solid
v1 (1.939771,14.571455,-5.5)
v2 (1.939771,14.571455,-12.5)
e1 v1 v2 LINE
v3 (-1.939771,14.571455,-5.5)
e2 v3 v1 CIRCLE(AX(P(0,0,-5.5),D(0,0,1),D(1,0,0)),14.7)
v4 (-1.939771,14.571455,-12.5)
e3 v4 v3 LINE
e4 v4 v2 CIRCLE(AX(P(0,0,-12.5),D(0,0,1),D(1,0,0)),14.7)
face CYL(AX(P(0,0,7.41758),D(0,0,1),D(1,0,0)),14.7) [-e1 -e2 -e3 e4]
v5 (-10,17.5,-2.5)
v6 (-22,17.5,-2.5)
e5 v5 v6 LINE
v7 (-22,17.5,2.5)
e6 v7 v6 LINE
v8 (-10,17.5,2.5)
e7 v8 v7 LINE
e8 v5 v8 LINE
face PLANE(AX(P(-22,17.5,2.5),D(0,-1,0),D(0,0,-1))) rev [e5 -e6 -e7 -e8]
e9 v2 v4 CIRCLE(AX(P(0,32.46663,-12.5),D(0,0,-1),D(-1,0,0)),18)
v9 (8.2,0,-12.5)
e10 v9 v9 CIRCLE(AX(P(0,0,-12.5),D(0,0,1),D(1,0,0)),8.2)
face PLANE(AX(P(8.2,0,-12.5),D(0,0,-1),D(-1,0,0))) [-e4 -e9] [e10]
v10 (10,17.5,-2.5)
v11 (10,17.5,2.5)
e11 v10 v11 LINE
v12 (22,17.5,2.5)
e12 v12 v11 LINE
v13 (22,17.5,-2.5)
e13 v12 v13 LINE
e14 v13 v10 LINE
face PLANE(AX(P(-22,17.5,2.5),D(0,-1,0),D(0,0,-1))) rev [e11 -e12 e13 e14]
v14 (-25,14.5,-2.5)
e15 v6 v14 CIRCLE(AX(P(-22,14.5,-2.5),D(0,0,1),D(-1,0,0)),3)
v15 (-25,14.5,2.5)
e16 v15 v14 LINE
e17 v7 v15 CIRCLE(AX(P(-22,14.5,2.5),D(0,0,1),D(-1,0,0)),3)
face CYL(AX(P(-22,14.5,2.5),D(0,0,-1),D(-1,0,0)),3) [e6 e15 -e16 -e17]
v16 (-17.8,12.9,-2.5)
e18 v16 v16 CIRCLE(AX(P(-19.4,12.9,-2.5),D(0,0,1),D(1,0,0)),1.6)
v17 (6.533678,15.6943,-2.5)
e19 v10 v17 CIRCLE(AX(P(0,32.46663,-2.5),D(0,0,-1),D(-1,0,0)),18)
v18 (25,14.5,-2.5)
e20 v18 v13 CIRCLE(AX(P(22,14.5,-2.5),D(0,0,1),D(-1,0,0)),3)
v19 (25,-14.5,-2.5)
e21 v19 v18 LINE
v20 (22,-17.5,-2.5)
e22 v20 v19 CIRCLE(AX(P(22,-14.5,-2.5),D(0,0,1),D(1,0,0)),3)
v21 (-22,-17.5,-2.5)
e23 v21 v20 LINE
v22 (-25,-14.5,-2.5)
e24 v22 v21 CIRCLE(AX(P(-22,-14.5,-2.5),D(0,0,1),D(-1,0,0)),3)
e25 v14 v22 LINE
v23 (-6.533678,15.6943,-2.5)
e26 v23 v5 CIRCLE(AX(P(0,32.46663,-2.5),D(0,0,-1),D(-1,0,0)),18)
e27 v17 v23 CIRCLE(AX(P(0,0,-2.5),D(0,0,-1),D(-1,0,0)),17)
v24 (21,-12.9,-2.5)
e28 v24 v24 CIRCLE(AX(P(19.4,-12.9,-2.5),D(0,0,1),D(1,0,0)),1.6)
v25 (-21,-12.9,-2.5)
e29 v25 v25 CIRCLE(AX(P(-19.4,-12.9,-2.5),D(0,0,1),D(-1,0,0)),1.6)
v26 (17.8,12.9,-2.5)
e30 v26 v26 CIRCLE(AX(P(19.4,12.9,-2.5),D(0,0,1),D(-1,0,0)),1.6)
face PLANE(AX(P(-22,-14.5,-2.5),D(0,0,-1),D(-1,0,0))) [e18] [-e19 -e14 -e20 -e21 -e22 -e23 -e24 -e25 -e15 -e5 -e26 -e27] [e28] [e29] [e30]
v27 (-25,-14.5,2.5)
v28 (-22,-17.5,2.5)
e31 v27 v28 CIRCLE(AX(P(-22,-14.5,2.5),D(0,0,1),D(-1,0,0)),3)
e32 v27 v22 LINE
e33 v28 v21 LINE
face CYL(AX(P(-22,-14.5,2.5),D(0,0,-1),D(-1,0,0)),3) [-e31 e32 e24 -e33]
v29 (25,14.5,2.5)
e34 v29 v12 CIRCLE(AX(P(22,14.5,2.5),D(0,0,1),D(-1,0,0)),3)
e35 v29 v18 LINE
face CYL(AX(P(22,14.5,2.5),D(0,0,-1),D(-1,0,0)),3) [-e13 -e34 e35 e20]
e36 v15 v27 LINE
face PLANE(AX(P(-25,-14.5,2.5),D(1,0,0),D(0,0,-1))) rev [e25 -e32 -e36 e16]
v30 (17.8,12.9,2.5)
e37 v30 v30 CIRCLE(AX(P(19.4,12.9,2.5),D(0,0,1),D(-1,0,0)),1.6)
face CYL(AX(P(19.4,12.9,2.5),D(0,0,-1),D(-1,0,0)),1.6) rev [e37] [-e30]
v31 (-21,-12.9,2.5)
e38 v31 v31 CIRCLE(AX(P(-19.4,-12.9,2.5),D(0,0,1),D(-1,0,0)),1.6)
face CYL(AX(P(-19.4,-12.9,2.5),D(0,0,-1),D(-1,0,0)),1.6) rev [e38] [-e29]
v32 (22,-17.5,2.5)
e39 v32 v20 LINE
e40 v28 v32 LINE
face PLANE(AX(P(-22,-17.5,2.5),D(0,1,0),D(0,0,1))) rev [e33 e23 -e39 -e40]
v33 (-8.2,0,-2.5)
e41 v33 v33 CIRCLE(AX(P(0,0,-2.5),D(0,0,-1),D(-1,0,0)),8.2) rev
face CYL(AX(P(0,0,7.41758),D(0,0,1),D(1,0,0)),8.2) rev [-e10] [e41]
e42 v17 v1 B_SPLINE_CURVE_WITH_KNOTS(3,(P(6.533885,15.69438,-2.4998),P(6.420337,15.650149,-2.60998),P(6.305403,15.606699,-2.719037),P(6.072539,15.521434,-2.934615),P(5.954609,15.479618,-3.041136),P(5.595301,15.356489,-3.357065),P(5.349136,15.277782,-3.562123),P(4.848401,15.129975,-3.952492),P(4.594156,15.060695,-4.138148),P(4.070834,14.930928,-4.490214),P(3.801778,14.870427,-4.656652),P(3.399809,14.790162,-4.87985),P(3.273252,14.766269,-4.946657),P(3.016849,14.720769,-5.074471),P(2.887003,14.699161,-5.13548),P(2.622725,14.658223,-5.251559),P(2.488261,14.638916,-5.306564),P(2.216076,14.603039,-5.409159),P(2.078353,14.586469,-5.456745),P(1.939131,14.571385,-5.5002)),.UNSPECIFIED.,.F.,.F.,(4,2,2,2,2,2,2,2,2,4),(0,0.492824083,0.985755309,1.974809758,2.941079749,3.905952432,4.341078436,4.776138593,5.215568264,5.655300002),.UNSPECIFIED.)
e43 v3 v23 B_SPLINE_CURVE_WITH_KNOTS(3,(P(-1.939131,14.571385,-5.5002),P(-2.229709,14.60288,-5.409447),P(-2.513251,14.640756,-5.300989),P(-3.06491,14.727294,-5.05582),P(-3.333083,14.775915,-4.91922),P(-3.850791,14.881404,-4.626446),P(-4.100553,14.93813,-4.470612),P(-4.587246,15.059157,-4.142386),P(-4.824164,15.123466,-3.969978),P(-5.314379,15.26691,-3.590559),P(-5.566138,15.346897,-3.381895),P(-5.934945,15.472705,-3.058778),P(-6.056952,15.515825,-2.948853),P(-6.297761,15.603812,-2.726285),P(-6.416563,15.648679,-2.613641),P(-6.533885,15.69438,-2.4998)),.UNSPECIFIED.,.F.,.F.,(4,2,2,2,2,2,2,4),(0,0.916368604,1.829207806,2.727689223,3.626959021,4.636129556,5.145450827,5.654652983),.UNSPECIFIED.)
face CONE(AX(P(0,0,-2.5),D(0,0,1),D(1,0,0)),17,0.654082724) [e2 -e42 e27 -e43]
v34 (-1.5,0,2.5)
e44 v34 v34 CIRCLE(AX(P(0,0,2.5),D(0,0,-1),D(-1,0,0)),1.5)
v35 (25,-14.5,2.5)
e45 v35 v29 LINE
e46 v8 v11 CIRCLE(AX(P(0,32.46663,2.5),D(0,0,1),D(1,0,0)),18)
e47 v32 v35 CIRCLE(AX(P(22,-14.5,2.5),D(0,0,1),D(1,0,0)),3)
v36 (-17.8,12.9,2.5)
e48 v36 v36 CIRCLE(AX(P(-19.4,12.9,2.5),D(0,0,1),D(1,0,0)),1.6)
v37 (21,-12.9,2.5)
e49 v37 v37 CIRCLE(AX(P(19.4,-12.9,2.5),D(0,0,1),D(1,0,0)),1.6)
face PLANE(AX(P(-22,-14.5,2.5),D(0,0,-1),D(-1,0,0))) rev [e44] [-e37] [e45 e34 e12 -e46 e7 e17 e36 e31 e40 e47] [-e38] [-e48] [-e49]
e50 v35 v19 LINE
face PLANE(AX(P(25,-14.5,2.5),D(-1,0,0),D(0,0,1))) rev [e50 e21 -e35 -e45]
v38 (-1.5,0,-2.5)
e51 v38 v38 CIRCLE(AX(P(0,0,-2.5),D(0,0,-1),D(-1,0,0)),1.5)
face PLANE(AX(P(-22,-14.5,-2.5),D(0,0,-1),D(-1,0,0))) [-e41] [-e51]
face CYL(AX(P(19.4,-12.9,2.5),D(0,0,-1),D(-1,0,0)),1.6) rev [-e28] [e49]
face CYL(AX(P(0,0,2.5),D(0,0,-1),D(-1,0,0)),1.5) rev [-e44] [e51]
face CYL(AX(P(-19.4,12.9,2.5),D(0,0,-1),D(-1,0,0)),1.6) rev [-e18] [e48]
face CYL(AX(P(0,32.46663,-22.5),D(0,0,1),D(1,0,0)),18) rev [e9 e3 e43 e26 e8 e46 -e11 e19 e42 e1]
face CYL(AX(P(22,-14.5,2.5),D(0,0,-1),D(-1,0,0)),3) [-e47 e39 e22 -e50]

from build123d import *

# Parameters (mm, degrees)
CROQUIS1_R              = 1.6
SALIENTE_EXTRUIR1_DEPTH = 2.5
CROQUIS3_R              = 1.5
CORTAR_EXTRUIR1_DEPTH   = 5
CORTAR_EXTRUIR2_DEPTH   = 25


with BuildPart() as part:
    # Croquis1 → Saliente-Extruir1 (new, symmetric)
    with BuildSketch(Plane.XY):
        with BuildLine():
            Line((-22, -17.5), (22, -17.5))
            ThreePointArc((22, -17.5), (24.121320344, -16.621320344), (25, -14.5))
            Line((25, -14.5), (25, 14.5))
            ThreePointArc((25, 14.5), (24.121320344, 16.621320344), (22, 17.5))
            Line((22, 17.5), (-22, 17.5))
            ThreePointArc((-22, 17.5), (-24.121320344, 16.621320344), (-25, 14.5))
            Line((-25, 14.5), (-25, -14.5))
            ThreePointArc((-25, -14.5), (-24.121320344, -16.621320344), (-22, -17.5))
        make_face()
        with Locations((-19.4, 12.9)):
            Circle(CROQUIS1_R, mode=Mode.SUBTRACT)
        with Locations(Location((19.4, 12.9, 0), (0, 0, 180))):
            Circle(CROQUIS1_R, mode=Mode.SUBTRACT)
        with Locations((19.4, -12.9)):
            Circle(CROQUIS1_R, mode=Mode.SUBTRACT)
        with Locations(Location((-19.4, -12.9, 0), (0, 0, 180))):
            Circle(CROQUIS1_R, mode=Mode.SUBTRACT)
    extrude(amount=SALIENTE_EXTRUIR1_DEPTH, both=True)

    # Croquis2 → Revolución1 (revolve)
    with BuildSketch(Plane(origin=(0, 0, 0), x_dir=(1, 0, 0), z_dir=(0, 1, 0))):
        Polygon((8.2, 2.5), (8.2, 12.5), (14.7, 12.5), (14.7, 5.5), (17, 2.5), align=None)
    revolve(axis=Axis((0, 0, 7.417580073), (0, 0, -1)))

    # Croquis3 → Cortar-Extruir1 (cut)
    with BuildSketch(Plane(origin=(0, 0, -2.5), x_dir=(-1, 0, 0), z_dir=(0, 0, -1))):
        Circle(CROQUIS3_R)
    extrude(amount=-CORTAR_EXTRUIR1_DEPTH, mode=Mode.SUBTRACT)

    # Croquis4 → Cortar-Extruir2 (cut)
    with BuildSketch(Plane.XY.offset(2.5)):
        with BuildLine():
            Line((-10, 17.5), (10, 17.5))
            ThreePointArc((10, 17.5), (0, 14.466629547), (-10, 17.5))
        make_face()
    extrude(amount=-CORTAR_EXTRUIR2_DEPTH, mode=Mode.SUBTRACT)


solid = part.part
